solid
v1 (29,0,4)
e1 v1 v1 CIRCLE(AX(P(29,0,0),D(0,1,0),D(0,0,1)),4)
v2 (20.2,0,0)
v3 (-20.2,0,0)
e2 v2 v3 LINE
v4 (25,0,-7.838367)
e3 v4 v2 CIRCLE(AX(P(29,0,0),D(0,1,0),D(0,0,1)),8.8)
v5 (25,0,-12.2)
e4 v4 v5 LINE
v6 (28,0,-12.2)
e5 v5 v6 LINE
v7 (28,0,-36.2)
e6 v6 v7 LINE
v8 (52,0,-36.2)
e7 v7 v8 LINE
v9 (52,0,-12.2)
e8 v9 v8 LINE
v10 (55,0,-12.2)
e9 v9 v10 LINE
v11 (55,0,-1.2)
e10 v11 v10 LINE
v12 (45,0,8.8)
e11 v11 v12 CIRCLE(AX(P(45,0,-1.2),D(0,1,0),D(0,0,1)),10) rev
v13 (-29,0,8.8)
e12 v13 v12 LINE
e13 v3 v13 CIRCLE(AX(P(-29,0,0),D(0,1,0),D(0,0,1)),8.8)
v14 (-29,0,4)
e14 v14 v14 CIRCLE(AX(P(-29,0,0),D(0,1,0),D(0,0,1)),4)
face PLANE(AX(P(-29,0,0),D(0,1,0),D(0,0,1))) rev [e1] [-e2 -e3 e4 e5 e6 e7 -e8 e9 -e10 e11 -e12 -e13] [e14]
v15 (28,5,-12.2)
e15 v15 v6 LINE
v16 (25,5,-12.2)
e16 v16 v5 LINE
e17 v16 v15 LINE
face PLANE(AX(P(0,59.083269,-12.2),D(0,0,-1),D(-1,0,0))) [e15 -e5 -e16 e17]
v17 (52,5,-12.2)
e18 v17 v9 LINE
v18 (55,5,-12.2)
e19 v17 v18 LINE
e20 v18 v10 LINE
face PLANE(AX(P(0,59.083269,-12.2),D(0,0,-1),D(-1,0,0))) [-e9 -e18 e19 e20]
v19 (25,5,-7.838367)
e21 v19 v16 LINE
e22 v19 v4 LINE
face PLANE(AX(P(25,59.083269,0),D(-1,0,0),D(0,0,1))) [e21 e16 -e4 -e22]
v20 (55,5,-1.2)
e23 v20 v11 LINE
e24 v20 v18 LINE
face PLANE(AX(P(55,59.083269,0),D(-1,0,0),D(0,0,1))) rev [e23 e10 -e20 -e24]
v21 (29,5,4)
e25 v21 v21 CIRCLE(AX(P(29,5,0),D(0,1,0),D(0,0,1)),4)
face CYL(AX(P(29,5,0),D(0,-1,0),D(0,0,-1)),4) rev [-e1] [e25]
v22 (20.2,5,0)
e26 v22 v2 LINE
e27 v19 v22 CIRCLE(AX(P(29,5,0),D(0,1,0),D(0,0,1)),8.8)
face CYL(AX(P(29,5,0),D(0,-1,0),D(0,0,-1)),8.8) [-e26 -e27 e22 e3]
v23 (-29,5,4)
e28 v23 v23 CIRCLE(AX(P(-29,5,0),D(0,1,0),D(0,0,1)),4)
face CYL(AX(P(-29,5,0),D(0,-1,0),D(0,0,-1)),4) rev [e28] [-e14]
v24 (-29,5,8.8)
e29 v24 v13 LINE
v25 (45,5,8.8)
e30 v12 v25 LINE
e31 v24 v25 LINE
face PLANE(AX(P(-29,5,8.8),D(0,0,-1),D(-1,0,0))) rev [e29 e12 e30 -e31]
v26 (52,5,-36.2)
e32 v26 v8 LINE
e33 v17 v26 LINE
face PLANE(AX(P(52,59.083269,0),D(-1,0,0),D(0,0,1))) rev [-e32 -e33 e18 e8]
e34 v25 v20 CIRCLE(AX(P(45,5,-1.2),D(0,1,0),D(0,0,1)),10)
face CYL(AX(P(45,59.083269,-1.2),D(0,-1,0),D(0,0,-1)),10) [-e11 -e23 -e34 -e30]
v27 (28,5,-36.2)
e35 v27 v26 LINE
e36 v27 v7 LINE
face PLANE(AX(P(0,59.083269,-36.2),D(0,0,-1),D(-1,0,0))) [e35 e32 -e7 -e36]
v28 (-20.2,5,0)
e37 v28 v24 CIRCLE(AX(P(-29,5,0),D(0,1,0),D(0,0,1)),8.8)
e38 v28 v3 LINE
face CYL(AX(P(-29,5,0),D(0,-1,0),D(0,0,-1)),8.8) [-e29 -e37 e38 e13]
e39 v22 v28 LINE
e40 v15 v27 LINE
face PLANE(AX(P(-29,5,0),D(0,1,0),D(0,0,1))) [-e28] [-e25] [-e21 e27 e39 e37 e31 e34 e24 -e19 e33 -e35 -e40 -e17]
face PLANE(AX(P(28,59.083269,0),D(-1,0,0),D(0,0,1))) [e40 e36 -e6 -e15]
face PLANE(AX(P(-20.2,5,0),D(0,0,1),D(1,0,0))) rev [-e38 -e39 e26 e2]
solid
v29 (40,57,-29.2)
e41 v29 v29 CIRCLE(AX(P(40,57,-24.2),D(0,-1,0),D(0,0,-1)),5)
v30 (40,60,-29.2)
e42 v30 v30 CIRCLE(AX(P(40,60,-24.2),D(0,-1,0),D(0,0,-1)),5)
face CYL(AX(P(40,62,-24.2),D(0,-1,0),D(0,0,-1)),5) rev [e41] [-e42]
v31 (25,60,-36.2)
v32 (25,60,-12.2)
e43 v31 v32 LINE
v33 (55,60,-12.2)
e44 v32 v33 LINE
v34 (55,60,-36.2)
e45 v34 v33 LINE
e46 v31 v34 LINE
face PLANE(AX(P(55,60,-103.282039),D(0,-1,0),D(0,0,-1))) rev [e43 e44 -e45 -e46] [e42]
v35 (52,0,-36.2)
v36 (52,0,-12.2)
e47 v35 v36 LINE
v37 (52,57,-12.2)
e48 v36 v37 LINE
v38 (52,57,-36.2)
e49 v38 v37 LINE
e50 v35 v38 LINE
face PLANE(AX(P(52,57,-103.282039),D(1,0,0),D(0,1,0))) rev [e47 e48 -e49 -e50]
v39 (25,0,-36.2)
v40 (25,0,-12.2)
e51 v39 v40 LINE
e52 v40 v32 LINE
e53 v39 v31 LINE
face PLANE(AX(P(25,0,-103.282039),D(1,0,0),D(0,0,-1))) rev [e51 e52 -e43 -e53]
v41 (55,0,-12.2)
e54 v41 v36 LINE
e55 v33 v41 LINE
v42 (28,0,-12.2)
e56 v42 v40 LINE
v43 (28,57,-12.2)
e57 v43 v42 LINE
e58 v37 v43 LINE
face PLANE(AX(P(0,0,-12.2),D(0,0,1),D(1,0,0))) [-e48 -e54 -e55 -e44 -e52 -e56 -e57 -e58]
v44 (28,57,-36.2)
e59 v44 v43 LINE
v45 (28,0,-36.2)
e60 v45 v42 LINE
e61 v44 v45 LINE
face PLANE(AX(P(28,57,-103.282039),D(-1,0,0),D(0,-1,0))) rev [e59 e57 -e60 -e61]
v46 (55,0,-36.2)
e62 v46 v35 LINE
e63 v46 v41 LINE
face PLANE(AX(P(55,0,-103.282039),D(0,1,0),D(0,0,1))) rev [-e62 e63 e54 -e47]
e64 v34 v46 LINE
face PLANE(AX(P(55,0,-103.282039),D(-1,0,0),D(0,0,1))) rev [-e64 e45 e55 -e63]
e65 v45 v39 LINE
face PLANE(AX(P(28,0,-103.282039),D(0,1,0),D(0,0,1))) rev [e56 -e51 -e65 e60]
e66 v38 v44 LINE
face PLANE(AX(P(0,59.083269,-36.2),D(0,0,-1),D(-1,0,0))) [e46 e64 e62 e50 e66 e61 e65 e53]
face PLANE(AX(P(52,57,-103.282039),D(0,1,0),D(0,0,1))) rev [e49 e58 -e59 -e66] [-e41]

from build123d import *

# Parameters (mm, degrees)
SKETCH_1_R          = 4
EXTRUDE_1_DEPTH     = 5
EXTRUDE_2_DEPTH     = 5
EXTRUDE_3_DEPTH     = 24
SKETCH_6_R          = 5
CUT_EXTRUDE_1_DEPTH = 5
FILLET_1_R          = 10


with BuildPart() as part:
    # ｽｹｯﾁ1 → ﾎﾞｽ - 押し出し1 (new body)
    with BuildSketch(Plane(origin=(0, 0, 0), x_dir=(1, 0, 0), z_dir=(0, 1, 0))):
        with BuildLine():
            Line((-20.2, 0), (20.2, 0))
            ThreePointArc((20.2, 0), (35.222539674, 6.222539674), (29, -8.8))
            Line((29, -8.8), (-29, -8.8))
            ThreePointArc((-29, -8.8), (-35.222539674, 6.222539674), (-20.2, 0))
        make_face()
        with Locations(Location((-29, 0, 0), (0, 0, 270))):
            Circle(SKETCH_1_R, mode=Mode.SUBTRACT)
        with Locations(Location((29, 0, 0), (0, 0, 270))):
            Circle(SKETCH_1_R, mode=Mode.SUBTRACT)
    extrude(amount=EXTRUDE_1_DEPTH)

    # ｽｹｯﾁ2 → ﾎﾞｽ - 押し出し2 (add)
    with BuildSketch(Plane(origin=(0, 0, 0), x_dir=(1, 0, 0), z_dir=(0, 1, 0))):
        with BuildLine():
            ThreePointArc((25, 7.838367177), (37.556215026, 2.056984303), (29, -8.8))
            Line((29, -8.8), (55, -8.8))
            Line((55, -8.8), (55, 12.2))
            Line((55, 12.2), (52, 12.2))
            Line((52, 12.2), (52, 36.2))
            Line((52, 36.2), (28, 36.2))
            Line((28, 36.2), (28, 12.2))
            Line((28, 12.2), (25, 12.2))
            Line((25, 12.2), (25, 7.838367177))
        make_face()
    extrude(amount=EXTRUDE_2_DEPTH)

    # ﾌｨﾚｯﾄ1
    fillet_1_edges = [part.edges().sort_by_distance(p)[0] for p in [
        (55, 2.5, 8.8),
    ]]
    fillet(fillet_1_edges, radius=FILLET_1_R)


with BuildPart() as body_2:
    # ｽｹｯﾁ5 → ﾎﾞｽ - 押し出し3 (new body)
    with BuildSketch(Plane(origin=(0, 0, -12.2), x_dir=(-1, 0, 0), z_dir=(0, 0, -1))):
        Polygon((-55, 0), (-52, 0), (-52, 57), (-28, 57), (-28, 0), (-25, 0), (-25, 60), (-55, 60), align=None)
    extrude(amount=EXTRUDE_3_DEPTH)

    # ｽｹｯﾁ6 → ｶｯﾄ - 押し出し1 (cut)
    with BuildSketch(Plane.XZ.offset(-57)):
        with Locations(Location((40, -24.2, 0), (0, 0, 270))):
            Circle(SKETCH_6_R)
    extrude(amount=-CUT_EXTRUDE_1_DEPTH, mode=Mode.SUBTRACT)


solid = Compound([part.part, body_2.part])
